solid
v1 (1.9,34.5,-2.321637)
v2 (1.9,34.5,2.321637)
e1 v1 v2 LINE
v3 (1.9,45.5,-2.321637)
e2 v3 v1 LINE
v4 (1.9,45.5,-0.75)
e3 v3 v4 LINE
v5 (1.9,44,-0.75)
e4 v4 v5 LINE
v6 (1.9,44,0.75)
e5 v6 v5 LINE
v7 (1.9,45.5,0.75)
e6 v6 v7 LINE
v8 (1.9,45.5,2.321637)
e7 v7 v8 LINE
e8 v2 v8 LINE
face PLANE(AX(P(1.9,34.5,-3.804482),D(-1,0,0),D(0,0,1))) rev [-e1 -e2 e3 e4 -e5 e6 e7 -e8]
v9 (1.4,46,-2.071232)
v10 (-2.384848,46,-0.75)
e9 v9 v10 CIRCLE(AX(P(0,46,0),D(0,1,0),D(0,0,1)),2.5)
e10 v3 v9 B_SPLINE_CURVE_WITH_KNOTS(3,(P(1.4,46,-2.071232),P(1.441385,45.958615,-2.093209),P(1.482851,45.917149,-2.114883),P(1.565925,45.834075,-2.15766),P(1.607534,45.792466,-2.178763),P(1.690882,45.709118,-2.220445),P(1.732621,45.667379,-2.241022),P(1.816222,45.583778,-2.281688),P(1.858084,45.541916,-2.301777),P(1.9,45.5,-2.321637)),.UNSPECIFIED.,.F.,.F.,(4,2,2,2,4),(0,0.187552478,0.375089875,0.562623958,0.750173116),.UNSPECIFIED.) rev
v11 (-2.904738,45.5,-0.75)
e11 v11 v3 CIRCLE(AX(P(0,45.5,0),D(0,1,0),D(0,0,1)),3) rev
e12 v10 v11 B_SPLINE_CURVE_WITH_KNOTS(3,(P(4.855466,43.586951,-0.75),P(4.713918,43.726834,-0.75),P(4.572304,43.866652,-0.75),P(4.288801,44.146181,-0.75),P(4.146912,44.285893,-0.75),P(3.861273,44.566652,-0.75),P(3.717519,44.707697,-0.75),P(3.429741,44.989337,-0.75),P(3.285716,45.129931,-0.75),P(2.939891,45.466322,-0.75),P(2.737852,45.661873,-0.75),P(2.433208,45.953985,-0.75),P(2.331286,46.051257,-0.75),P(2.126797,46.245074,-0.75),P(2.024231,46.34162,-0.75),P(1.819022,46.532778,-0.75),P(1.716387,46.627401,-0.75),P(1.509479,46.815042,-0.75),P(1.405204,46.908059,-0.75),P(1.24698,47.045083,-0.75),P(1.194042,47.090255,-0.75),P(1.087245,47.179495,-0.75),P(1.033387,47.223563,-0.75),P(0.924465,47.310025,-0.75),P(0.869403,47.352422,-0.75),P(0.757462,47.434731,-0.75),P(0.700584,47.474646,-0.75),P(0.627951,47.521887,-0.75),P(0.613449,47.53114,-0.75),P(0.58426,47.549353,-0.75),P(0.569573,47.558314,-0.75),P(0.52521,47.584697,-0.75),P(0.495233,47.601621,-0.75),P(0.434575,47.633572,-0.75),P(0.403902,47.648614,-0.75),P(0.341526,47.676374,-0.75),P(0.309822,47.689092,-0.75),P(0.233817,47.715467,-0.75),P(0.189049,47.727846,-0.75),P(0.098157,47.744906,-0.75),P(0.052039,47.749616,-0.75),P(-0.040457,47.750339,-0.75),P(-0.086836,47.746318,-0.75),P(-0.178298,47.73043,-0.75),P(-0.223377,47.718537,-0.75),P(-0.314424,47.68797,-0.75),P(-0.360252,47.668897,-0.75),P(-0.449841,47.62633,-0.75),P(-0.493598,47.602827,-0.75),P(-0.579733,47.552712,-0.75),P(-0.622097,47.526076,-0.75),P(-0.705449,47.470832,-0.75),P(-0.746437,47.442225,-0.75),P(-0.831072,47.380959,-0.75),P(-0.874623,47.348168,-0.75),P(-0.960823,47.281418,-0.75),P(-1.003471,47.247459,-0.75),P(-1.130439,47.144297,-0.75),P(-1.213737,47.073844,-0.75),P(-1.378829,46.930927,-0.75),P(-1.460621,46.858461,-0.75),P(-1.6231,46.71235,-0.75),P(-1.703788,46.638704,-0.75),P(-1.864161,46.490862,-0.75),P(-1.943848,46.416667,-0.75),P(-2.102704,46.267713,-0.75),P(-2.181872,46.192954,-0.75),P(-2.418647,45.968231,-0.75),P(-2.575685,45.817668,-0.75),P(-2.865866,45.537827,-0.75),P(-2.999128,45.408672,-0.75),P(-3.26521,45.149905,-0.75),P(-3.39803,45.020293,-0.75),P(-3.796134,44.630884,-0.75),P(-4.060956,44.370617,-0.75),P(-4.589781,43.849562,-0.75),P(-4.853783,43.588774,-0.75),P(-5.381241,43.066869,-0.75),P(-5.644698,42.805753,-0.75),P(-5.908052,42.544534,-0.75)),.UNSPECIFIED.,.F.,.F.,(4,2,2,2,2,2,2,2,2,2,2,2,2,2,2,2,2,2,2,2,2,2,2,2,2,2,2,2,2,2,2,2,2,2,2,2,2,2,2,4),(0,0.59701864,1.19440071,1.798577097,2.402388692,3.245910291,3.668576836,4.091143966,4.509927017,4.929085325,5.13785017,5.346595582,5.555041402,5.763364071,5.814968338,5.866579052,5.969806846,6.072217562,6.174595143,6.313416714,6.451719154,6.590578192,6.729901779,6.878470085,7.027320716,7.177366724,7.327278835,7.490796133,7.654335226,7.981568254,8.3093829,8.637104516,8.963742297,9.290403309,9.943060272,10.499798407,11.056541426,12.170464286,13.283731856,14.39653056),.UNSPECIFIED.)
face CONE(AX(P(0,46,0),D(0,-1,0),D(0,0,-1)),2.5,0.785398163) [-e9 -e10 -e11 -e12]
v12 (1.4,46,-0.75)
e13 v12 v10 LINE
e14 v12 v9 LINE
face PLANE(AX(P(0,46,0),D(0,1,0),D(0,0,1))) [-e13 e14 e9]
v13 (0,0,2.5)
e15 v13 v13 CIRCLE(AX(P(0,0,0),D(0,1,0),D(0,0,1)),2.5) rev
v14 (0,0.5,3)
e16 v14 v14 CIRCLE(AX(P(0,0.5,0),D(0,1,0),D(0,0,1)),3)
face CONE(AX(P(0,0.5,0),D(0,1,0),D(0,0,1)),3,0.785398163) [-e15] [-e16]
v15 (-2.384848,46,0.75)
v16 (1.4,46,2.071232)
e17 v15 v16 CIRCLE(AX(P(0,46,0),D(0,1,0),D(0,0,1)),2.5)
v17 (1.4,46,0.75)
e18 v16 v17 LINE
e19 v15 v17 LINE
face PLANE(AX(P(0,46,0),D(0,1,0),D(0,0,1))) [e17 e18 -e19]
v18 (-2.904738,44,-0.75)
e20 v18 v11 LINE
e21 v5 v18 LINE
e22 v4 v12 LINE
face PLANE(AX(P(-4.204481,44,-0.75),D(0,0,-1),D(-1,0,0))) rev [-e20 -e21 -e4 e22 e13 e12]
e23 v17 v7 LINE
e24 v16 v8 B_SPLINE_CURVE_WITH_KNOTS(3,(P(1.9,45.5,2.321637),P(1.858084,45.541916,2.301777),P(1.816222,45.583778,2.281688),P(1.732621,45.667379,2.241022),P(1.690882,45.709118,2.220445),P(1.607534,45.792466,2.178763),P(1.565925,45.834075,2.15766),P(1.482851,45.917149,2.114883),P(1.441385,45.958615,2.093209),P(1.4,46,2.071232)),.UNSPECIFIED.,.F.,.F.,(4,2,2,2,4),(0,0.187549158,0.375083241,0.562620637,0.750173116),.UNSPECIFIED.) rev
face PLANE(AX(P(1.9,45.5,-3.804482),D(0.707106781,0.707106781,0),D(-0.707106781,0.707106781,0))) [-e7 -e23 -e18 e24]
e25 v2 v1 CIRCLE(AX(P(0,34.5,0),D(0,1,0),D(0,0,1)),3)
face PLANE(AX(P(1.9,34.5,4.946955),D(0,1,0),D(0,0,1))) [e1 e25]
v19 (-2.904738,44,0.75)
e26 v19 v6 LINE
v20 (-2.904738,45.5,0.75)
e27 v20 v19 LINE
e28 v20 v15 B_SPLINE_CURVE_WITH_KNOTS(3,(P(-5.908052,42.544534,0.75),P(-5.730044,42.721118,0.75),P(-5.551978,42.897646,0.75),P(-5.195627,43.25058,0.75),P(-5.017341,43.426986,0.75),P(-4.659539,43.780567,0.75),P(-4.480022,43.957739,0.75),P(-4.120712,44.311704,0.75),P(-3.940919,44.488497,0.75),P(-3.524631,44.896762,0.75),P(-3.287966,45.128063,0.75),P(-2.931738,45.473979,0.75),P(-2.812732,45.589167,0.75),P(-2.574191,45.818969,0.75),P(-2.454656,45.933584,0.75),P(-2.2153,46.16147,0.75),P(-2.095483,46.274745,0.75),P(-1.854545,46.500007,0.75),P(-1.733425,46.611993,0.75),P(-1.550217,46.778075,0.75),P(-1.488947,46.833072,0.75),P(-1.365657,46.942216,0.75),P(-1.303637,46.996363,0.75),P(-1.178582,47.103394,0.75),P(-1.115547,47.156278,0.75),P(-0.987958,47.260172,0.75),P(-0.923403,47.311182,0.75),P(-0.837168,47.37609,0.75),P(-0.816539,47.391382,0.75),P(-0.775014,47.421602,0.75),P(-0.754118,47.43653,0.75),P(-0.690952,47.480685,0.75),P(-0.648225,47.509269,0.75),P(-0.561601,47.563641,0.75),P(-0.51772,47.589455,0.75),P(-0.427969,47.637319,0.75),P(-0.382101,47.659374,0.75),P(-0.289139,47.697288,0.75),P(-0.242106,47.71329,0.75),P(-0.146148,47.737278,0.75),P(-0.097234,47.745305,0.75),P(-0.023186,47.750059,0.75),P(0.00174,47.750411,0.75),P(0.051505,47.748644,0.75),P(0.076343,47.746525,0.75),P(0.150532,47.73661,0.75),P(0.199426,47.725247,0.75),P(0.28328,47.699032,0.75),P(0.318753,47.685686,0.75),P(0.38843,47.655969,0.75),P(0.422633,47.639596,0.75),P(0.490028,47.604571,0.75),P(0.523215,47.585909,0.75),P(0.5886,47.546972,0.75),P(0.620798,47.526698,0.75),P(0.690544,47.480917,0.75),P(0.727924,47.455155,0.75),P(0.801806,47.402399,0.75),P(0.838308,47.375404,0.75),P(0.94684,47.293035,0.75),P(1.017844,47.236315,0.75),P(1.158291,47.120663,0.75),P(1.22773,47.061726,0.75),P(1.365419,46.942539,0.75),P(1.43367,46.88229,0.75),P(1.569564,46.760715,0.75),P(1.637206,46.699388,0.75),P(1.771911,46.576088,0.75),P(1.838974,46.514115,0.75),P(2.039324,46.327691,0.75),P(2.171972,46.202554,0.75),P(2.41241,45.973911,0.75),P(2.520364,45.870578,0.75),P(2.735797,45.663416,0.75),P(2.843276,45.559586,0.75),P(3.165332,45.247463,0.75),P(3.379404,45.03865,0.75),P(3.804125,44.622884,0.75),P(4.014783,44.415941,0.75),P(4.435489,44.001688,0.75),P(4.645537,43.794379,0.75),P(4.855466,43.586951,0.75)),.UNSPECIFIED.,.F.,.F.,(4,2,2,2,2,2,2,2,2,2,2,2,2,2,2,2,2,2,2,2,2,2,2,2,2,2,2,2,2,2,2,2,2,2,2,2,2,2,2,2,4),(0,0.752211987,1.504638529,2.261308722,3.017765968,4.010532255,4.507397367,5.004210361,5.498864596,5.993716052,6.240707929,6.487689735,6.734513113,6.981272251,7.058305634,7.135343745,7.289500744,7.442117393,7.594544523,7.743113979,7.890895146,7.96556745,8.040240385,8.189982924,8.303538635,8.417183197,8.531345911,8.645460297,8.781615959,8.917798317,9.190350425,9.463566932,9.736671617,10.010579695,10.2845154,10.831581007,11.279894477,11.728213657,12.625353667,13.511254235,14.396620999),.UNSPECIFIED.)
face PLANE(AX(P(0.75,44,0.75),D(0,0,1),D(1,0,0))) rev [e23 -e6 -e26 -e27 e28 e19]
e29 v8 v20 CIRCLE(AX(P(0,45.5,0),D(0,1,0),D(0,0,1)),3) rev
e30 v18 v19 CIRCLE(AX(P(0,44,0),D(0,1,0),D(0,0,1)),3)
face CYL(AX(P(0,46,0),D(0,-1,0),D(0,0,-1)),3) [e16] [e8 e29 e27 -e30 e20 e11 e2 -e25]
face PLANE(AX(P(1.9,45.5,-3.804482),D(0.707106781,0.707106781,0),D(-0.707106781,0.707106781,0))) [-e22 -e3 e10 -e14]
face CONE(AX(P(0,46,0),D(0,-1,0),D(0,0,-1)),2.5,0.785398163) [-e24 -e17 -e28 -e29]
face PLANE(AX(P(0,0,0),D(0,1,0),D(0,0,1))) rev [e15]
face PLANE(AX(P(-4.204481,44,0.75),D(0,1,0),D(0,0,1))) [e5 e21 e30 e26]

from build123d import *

# Parameters (mm, degrees)
SKIZZE1_R                       = 3
AUFSATZ_LINEAR_AUSTRAGEN1_DEPTH = 46
SKIZZE2_W                       = 2.221209883
SKIZZE2_H                       = 8.751437557
SCHNITT_LINEAR_AUSTRAGEN1_DEPTH = 11.5
FASE1_SIZE                      = 0.5
SCHNITT_LINEAR_AUSTRAGEN2_DEPTH = 2


with BuildPart() as part:
    # Skizze1 → Aufsatz-Linear austragen1 (new body)
    with BuildSketch(Plane(origin=(0, 0, 0), x_dir=(1, 0, 0), z_dir=(0, 1, 0))):
        Circle(SKIZZE1_R)
    extrude(amount=AUFSATZ_LINEAR_AUSTRAGEN1_DEPTH)

    # Skizze2 → Schnitt-Linear austragen1 (cut)
    with BuildSketch(Plane(origin=(0, 46, 0), x_dir=(1, 0, 0), z_dir=(0, 1, 0))):
        with Locations((3.010604942, -0.571236499)):
            Rectangle(SKIZZE2_W, SKIZZE2_H)
    extrude(amount=-SCHNITT_LINEAR_AUSTRAGEN1_DEPTH, mode=Mode.SUBTRACT)

    # Fase1
    fase1_edges = [part.edges().sort_by_distance(p)[0] for p in [
        (-3, 0, 0),
        (-3, 46, 0),
        (1.9, 46, 0),
    ]]
    chamfer(fase1_edges, length=FASE1_SIZE)

    # Skizze3 → Schnitt-Linear austragen2 (cut)
    with BuildSketch(Plane(origin=(0, 46, 0), x_dir=(1, 0, 0), z_dir=(0, 1, 0))):
        Polygon((-4.20448111, 0.75), (0.75, 0.75), (4.606648868, 0.75), (4.606648868, -0.75), (0.75, -0.75), (-4.20448111, -0.75), align=None)
    extrude(amount=-SCHNITT_LINEAR_AUSTRAGEN2_DEPTH, mode=Mode.SUBTRACT)


solid = part.part
